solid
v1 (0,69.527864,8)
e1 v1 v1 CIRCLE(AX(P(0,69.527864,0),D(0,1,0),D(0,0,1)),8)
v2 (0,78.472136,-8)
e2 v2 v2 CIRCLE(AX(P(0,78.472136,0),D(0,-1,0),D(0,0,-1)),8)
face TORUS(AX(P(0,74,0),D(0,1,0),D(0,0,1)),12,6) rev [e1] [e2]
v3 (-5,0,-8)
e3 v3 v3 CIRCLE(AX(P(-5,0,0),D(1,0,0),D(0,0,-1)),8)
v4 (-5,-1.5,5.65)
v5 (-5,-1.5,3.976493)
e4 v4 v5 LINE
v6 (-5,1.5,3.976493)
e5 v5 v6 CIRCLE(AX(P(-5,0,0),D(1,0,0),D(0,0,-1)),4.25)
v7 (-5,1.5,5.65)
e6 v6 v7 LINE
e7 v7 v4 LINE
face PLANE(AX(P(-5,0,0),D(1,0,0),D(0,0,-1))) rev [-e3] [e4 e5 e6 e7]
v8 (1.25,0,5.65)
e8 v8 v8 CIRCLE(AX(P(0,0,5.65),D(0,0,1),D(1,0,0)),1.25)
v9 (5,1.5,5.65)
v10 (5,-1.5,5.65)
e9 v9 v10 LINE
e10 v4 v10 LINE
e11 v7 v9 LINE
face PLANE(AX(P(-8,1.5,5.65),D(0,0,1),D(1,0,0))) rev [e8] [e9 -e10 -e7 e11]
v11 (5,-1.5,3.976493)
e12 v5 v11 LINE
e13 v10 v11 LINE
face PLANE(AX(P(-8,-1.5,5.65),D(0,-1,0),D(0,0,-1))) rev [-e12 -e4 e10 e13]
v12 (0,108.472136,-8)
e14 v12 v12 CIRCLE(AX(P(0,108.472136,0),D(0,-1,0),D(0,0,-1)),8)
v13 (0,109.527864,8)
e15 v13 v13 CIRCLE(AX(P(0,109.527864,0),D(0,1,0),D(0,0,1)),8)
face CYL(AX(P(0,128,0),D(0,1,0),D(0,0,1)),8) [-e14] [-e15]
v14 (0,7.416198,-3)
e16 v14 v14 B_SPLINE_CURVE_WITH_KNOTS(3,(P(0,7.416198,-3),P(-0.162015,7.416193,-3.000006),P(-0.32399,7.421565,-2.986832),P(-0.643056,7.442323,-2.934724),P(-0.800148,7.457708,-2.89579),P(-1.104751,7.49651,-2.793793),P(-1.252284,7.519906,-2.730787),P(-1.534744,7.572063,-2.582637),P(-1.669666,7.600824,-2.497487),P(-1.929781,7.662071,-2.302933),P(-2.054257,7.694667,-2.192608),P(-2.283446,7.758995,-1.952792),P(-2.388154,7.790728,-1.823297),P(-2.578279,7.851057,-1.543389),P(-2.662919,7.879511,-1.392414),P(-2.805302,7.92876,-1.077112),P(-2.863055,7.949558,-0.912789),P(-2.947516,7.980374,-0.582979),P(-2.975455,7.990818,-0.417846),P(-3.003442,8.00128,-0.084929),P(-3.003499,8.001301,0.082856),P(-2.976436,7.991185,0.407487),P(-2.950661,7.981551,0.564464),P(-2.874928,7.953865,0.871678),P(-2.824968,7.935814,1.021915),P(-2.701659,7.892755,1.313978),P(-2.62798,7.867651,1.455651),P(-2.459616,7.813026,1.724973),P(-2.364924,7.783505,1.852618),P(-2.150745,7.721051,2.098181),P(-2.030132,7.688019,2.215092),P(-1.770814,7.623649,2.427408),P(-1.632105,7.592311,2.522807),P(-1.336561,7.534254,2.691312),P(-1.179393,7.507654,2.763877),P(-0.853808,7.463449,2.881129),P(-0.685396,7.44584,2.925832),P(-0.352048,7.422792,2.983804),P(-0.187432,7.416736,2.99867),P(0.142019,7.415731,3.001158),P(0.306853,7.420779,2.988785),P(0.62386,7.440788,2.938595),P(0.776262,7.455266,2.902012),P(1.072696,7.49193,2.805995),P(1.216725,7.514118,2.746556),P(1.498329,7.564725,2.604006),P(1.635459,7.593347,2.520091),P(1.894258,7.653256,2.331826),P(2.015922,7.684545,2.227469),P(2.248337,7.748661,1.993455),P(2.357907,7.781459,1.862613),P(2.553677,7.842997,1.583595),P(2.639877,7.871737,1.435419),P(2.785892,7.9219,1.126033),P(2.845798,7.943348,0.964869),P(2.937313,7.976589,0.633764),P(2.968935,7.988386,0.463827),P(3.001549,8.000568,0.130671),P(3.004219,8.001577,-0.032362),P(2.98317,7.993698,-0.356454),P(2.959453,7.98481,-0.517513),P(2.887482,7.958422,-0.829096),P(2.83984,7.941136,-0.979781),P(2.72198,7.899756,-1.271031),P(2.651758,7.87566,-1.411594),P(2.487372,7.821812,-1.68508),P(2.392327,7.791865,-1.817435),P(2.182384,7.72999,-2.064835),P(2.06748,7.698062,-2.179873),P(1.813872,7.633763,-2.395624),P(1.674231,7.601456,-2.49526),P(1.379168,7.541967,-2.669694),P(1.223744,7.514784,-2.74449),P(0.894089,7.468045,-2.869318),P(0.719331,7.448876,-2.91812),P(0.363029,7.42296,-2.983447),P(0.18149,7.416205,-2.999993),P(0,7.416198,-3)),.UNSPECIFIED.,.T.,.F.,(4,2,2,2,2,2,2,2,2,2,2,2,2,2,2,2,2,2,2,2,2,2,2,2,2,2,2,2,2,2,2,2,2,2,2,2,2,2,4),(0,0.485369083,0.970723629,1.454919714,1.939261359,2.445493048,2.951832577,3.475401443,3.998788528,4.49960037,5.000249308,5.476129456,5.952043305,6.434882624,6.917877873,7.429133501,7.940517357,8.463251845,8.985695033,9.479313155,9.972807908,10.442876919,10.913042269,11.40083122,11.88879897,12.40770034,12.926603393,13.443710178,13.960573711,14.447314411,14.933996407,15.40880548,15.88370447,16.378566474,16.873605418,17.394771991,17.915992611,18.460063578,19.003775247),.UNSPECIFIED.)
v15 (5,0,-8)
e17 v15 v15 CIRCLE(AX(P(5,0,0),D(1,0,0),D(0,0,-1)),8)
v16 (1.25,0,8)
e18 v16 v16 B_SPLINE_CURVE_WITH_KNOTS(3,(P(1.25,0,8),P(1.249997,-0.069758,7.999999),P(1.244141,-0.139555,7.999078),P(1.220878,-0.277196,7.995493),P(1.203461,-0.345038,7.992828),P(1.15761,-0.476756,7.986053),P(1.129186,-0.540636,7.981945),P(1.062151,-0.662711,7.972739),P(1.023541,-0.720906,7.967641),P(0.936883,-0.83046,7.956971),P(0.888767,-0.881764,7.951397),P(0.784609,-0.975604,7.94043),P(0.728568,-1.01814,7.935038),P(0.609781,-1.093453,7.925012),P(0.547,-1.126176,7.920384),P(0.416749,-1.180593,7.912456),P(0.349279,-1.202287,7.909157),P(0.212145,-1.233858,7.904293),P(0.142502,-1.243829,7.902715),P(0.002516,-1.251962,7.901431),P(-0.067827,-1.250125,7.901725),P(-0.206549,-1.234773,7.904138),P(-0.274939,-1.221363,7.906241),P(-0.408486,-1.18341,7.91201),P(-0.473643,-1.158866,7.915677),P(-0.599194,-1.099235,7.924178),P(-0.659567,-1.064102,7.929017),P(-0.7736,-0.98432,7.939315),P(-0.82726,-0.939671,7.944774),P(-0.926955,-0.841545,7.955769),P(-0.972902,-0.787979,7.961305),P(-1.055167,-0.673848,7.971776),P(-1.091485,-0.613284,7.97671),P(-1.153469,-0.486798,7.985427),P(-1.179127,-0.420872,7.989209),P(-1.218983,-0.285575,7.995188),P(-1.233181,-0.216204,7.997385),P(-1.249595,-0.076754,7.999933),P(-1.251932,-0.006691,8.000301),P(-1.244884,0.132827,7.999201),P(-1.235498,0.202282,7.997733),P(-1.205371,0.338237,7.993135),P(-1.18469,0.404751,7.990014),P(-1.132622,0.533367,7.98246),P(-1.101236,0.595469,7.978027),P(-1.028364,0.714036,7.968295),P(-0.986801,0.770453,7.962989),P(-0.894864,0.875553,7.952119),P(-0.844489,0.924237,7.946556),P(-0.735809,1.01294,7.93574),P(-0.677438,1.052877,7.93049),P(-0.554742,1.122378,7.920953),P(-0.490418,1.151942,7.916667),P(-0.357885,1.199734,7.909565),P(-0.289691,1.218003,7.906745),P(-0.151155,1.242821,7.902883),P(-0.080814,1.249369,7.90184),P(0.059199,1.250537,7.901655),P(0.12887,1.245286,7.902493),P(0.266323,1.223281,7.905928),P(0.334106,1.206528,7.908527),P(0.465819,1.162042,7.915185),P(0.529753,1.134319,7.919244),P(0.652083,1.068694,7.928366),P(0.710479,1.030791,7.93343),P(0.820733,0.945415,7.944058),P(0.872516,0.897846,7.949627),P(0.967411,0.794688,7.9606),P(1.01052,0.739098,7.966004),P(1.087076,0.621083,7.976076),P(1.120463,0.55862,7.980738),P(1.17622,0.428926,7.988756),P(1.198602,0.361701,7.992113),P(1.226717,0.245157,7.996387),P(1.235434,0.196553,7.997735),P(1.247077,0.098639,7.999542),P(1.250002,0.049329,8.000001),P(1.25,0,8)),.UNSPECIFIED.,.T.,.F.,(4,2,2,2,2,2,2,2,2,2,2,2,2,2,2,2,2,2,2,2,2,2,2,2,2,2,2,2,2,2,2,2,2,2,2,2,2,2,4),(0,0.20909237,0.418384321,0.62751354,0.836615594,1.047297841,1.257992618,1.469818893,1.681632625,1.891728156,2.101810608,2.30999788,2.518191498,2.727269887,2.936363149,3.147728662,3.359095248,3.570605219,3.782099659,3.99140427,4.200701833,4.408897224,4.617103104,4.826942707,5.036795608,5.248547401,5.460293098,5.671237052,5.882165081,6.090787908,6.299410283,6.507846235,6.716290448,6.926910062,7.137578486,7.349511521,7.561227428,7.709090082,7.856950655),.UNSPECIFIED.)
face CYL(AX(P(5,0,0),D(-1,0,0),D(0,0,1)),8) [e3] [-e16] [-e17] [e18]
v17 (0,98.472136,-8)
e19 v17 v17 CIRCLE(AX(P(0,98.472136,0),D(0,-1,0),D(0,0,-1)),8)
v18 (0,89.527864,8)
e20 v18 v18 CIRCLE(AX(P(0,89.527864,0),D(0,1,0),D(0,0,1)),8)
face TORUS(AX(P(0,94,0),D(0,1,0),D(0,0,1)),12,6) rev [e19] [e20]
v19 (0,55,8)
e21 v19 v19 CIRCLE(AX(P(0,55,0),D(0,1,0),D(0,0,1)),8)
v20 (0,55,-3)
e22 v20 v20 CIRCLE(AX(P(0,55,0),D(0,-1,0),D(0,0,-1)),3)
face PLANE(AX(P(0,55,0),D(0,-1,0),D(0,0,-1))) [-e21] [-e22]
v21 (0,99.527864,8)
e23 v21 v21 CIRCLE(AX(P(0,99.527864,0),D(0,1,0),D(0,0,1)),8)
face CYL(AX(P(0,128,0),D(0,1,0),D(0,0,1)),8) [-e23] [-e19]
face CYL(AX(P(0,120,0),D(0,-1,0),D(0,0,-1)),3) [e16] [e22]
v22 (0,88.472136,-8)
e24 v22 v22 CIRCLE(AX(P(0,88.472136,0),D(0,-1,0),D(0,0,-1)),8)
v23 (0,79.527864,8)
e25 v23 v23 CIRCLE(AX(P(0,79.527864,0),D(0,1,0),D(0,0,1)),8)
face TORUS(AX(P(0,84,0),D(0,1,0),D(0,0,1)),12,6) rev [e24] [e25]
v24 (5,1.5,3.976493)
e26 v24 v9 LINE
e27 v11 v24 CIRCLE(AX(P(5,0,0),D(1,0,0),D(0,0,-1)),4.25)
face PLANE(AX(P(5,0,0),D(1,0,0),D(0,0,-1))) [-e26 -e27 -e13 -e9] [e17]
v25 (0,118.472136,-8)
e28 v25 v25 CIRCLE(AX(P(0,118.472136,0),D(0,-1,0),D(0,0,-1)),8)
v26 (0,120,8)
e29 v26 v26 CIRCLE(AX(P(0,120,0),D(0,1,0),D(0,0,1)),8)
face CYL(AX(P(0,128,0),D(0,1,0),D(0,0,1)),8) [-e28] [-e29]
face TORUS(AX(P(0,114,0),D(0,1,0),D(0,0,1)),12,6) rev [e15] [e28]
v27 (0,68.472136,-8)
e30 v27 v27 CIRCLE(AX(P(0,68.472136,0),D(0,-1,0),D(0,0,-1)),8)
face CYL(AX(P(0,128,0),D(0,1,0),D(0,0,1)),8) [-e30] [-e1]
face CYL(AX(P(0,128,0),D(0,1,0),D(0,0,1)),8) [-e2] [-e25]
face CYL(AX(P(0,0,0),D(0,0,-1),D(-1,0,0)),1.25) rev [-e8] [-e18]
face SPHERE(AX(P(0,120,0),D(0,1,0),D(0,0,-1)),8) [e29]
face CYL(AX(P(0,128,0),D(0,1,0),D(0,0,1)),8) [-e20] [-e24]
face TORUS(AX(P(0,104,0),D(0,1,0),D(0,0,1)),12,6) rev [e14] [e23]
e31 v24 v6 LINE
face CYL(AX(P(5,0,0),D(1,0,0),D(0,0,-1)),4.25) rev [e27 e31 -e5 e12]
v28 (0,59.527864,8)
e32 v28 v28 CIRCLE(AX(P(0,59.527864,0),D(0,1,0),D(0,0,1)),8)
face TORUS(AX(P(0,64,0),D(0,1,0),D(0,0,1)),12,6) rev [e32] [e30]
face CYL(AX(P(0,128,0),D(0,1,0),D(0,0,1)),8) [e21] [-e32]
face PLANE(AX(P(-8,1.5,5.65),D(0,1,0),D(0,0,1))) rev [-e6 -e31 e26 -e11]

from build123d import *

# Parameters (mm, degrees)
SKETCH1_R                    = 8
SHAFT_BOSS_DEPTH             = 5
SKETCH2_R                    = 3
BOSS_EXTRUDE2_DEPTH          = 120
F_8_0_8_DIAMETER_HOLE1_D     = 8.5
F_8_0_8_DIAMETER_HOLE1_DEPTH = 12.7
F_8_0_8_DIAMETER_HOLE1_TIP   = 2.553657631
SKETCH6_W                    = 3
SKETCH6_H                    = 3
CUT_KEYWAY_3X3_DEPTH         = 129.906943186
SKETCH9_W                    = 1.25
SKETCH9_H                    = 8
SKETCH7_R                    = 6
LPATTERN1_COUNT              = 6
LPATTERN1_PITCH              = 10


with BuildPart() as part:
    # Sketch1 → Shaft-Boss (new, symmetric)
    with BuildSketch(Plane(origin=(0, 0, 0), x_dir=(0, 0, -1), z_dir=(1, 0, 0))):
        Circle(SKETCH1_R)
    extrude(amount=SHAFT_BOSS_DEPTH, both=True)

    # Sketch2 → Boss-Extrude2 (add)
    with BuildSketch(Plane(origin=(0, 0, 0), x_dir=(1, 0, 0), z_dir=(0, 1, 0))):
        with Locations(Location((0, 0, 0), (0, 0, 90))):
            Circle(SKETCH2_R)
    extrude(amount=BOSS_EXTRUDE2_DEPTH)

    # Sketch3 → Handle-Revolve (revolve)
    with BuildSketch(Plane(origin=(0, 0, 0), x_dir=(0, 0, -1), z_dir=(1, 0, 0)), mode=Mode.PRIVATE) as handle_revolve_sk:
        with BuildLine():
            Line((0, 128), (0, 55))
            Line((0, 55), (-8, 55))
            Line((-8, 55), (-8, 120))
            ThreePointArc((-8, 120), (-5.656854249, 125.656854249), (0, 128))
        make_face()
    revolve(handle_revolve_sk.sketch.rotate(Axis((0, 128, 0), (0, -1, 0)), 180), axis=Axis((0, 128, 0), (0, -1, 0)))

    # Ø8.0 (8) Diameter Hole1
    with Locations(Plane(origin=(5, 0, 0), x_dir=(0, 0, -1), z_dir=(1, 0, 0))):
        with Locations((0, 0)):
            Hole(F_8_0_8_DIAMETER_HOLE1_D / 2, depth=F_8_0_8_DIAMETER_HOLE1_DEPTH)
            with Locations((0, 0, -(F_8_0_8_DIAMETER_HOLE1_DEPTH + F_8_0_8_DIAMETER_HOLE1_TIP / 2))):  # 118° drill point
                Cone(0, F_8_0_8_DIAMETER_HOLE1_D / 2, F_8_0_8_DIAMETER_HOLE1_TIP, mode=Mode.SUBTRACT)

    # Sketch6 → Cut-Keyway 3x3 (cut, through all)
    with BuildSketch(Plane(origin=(5, 0, 0), x_dir=(0, 0, -1), z_dir=(1, 0, 0))):
        with Locations((-4.15, 0)):
            Rectangle(SKETCH6_W, SKETCH6_H)
    extrude(amount=-CUT_KEYWAY_3X3_DEPTH, mode=Mode.SUBTRACT)

    # Sketch9 → M3x0.5 Tapped Hole1 (revolve, cut)
    with BuildSketch(Plane.YZ):
        with Locations((0.625, 4)):
            Rectangle(SKETCH9_W, SKETCH9_H)
    revolve(axis=Axis((0, 0, -6.35), (0, 0, 1)), mode=Mode.SUBTRACT)

    # Sketch7 → Cut-Revolve1 (revolve, cut)
    with BuildSketch(Plane(origin=(0, 0, 0), x_dir=(0, 0, -1), z_dir=(1, 0, 0))):
        with Locations((-12, 114)):
            Circle(SKETCH7_R)
    cut_revolve1 = revolve(axis=Axis((0, 132.7, 0), (0, -1, 0)), mode=Mode.SUBTRACT)

    # LPattern1: Cut-Revolve1 ×6
    with Locations(*[(0, -i * LPATTERN1_PITCH, 0) for i in range(1, LPATTERN1_COUNT)]):
        add(cut_revolve1, mode=Mode.SUBTRACT)


solid = part.part
